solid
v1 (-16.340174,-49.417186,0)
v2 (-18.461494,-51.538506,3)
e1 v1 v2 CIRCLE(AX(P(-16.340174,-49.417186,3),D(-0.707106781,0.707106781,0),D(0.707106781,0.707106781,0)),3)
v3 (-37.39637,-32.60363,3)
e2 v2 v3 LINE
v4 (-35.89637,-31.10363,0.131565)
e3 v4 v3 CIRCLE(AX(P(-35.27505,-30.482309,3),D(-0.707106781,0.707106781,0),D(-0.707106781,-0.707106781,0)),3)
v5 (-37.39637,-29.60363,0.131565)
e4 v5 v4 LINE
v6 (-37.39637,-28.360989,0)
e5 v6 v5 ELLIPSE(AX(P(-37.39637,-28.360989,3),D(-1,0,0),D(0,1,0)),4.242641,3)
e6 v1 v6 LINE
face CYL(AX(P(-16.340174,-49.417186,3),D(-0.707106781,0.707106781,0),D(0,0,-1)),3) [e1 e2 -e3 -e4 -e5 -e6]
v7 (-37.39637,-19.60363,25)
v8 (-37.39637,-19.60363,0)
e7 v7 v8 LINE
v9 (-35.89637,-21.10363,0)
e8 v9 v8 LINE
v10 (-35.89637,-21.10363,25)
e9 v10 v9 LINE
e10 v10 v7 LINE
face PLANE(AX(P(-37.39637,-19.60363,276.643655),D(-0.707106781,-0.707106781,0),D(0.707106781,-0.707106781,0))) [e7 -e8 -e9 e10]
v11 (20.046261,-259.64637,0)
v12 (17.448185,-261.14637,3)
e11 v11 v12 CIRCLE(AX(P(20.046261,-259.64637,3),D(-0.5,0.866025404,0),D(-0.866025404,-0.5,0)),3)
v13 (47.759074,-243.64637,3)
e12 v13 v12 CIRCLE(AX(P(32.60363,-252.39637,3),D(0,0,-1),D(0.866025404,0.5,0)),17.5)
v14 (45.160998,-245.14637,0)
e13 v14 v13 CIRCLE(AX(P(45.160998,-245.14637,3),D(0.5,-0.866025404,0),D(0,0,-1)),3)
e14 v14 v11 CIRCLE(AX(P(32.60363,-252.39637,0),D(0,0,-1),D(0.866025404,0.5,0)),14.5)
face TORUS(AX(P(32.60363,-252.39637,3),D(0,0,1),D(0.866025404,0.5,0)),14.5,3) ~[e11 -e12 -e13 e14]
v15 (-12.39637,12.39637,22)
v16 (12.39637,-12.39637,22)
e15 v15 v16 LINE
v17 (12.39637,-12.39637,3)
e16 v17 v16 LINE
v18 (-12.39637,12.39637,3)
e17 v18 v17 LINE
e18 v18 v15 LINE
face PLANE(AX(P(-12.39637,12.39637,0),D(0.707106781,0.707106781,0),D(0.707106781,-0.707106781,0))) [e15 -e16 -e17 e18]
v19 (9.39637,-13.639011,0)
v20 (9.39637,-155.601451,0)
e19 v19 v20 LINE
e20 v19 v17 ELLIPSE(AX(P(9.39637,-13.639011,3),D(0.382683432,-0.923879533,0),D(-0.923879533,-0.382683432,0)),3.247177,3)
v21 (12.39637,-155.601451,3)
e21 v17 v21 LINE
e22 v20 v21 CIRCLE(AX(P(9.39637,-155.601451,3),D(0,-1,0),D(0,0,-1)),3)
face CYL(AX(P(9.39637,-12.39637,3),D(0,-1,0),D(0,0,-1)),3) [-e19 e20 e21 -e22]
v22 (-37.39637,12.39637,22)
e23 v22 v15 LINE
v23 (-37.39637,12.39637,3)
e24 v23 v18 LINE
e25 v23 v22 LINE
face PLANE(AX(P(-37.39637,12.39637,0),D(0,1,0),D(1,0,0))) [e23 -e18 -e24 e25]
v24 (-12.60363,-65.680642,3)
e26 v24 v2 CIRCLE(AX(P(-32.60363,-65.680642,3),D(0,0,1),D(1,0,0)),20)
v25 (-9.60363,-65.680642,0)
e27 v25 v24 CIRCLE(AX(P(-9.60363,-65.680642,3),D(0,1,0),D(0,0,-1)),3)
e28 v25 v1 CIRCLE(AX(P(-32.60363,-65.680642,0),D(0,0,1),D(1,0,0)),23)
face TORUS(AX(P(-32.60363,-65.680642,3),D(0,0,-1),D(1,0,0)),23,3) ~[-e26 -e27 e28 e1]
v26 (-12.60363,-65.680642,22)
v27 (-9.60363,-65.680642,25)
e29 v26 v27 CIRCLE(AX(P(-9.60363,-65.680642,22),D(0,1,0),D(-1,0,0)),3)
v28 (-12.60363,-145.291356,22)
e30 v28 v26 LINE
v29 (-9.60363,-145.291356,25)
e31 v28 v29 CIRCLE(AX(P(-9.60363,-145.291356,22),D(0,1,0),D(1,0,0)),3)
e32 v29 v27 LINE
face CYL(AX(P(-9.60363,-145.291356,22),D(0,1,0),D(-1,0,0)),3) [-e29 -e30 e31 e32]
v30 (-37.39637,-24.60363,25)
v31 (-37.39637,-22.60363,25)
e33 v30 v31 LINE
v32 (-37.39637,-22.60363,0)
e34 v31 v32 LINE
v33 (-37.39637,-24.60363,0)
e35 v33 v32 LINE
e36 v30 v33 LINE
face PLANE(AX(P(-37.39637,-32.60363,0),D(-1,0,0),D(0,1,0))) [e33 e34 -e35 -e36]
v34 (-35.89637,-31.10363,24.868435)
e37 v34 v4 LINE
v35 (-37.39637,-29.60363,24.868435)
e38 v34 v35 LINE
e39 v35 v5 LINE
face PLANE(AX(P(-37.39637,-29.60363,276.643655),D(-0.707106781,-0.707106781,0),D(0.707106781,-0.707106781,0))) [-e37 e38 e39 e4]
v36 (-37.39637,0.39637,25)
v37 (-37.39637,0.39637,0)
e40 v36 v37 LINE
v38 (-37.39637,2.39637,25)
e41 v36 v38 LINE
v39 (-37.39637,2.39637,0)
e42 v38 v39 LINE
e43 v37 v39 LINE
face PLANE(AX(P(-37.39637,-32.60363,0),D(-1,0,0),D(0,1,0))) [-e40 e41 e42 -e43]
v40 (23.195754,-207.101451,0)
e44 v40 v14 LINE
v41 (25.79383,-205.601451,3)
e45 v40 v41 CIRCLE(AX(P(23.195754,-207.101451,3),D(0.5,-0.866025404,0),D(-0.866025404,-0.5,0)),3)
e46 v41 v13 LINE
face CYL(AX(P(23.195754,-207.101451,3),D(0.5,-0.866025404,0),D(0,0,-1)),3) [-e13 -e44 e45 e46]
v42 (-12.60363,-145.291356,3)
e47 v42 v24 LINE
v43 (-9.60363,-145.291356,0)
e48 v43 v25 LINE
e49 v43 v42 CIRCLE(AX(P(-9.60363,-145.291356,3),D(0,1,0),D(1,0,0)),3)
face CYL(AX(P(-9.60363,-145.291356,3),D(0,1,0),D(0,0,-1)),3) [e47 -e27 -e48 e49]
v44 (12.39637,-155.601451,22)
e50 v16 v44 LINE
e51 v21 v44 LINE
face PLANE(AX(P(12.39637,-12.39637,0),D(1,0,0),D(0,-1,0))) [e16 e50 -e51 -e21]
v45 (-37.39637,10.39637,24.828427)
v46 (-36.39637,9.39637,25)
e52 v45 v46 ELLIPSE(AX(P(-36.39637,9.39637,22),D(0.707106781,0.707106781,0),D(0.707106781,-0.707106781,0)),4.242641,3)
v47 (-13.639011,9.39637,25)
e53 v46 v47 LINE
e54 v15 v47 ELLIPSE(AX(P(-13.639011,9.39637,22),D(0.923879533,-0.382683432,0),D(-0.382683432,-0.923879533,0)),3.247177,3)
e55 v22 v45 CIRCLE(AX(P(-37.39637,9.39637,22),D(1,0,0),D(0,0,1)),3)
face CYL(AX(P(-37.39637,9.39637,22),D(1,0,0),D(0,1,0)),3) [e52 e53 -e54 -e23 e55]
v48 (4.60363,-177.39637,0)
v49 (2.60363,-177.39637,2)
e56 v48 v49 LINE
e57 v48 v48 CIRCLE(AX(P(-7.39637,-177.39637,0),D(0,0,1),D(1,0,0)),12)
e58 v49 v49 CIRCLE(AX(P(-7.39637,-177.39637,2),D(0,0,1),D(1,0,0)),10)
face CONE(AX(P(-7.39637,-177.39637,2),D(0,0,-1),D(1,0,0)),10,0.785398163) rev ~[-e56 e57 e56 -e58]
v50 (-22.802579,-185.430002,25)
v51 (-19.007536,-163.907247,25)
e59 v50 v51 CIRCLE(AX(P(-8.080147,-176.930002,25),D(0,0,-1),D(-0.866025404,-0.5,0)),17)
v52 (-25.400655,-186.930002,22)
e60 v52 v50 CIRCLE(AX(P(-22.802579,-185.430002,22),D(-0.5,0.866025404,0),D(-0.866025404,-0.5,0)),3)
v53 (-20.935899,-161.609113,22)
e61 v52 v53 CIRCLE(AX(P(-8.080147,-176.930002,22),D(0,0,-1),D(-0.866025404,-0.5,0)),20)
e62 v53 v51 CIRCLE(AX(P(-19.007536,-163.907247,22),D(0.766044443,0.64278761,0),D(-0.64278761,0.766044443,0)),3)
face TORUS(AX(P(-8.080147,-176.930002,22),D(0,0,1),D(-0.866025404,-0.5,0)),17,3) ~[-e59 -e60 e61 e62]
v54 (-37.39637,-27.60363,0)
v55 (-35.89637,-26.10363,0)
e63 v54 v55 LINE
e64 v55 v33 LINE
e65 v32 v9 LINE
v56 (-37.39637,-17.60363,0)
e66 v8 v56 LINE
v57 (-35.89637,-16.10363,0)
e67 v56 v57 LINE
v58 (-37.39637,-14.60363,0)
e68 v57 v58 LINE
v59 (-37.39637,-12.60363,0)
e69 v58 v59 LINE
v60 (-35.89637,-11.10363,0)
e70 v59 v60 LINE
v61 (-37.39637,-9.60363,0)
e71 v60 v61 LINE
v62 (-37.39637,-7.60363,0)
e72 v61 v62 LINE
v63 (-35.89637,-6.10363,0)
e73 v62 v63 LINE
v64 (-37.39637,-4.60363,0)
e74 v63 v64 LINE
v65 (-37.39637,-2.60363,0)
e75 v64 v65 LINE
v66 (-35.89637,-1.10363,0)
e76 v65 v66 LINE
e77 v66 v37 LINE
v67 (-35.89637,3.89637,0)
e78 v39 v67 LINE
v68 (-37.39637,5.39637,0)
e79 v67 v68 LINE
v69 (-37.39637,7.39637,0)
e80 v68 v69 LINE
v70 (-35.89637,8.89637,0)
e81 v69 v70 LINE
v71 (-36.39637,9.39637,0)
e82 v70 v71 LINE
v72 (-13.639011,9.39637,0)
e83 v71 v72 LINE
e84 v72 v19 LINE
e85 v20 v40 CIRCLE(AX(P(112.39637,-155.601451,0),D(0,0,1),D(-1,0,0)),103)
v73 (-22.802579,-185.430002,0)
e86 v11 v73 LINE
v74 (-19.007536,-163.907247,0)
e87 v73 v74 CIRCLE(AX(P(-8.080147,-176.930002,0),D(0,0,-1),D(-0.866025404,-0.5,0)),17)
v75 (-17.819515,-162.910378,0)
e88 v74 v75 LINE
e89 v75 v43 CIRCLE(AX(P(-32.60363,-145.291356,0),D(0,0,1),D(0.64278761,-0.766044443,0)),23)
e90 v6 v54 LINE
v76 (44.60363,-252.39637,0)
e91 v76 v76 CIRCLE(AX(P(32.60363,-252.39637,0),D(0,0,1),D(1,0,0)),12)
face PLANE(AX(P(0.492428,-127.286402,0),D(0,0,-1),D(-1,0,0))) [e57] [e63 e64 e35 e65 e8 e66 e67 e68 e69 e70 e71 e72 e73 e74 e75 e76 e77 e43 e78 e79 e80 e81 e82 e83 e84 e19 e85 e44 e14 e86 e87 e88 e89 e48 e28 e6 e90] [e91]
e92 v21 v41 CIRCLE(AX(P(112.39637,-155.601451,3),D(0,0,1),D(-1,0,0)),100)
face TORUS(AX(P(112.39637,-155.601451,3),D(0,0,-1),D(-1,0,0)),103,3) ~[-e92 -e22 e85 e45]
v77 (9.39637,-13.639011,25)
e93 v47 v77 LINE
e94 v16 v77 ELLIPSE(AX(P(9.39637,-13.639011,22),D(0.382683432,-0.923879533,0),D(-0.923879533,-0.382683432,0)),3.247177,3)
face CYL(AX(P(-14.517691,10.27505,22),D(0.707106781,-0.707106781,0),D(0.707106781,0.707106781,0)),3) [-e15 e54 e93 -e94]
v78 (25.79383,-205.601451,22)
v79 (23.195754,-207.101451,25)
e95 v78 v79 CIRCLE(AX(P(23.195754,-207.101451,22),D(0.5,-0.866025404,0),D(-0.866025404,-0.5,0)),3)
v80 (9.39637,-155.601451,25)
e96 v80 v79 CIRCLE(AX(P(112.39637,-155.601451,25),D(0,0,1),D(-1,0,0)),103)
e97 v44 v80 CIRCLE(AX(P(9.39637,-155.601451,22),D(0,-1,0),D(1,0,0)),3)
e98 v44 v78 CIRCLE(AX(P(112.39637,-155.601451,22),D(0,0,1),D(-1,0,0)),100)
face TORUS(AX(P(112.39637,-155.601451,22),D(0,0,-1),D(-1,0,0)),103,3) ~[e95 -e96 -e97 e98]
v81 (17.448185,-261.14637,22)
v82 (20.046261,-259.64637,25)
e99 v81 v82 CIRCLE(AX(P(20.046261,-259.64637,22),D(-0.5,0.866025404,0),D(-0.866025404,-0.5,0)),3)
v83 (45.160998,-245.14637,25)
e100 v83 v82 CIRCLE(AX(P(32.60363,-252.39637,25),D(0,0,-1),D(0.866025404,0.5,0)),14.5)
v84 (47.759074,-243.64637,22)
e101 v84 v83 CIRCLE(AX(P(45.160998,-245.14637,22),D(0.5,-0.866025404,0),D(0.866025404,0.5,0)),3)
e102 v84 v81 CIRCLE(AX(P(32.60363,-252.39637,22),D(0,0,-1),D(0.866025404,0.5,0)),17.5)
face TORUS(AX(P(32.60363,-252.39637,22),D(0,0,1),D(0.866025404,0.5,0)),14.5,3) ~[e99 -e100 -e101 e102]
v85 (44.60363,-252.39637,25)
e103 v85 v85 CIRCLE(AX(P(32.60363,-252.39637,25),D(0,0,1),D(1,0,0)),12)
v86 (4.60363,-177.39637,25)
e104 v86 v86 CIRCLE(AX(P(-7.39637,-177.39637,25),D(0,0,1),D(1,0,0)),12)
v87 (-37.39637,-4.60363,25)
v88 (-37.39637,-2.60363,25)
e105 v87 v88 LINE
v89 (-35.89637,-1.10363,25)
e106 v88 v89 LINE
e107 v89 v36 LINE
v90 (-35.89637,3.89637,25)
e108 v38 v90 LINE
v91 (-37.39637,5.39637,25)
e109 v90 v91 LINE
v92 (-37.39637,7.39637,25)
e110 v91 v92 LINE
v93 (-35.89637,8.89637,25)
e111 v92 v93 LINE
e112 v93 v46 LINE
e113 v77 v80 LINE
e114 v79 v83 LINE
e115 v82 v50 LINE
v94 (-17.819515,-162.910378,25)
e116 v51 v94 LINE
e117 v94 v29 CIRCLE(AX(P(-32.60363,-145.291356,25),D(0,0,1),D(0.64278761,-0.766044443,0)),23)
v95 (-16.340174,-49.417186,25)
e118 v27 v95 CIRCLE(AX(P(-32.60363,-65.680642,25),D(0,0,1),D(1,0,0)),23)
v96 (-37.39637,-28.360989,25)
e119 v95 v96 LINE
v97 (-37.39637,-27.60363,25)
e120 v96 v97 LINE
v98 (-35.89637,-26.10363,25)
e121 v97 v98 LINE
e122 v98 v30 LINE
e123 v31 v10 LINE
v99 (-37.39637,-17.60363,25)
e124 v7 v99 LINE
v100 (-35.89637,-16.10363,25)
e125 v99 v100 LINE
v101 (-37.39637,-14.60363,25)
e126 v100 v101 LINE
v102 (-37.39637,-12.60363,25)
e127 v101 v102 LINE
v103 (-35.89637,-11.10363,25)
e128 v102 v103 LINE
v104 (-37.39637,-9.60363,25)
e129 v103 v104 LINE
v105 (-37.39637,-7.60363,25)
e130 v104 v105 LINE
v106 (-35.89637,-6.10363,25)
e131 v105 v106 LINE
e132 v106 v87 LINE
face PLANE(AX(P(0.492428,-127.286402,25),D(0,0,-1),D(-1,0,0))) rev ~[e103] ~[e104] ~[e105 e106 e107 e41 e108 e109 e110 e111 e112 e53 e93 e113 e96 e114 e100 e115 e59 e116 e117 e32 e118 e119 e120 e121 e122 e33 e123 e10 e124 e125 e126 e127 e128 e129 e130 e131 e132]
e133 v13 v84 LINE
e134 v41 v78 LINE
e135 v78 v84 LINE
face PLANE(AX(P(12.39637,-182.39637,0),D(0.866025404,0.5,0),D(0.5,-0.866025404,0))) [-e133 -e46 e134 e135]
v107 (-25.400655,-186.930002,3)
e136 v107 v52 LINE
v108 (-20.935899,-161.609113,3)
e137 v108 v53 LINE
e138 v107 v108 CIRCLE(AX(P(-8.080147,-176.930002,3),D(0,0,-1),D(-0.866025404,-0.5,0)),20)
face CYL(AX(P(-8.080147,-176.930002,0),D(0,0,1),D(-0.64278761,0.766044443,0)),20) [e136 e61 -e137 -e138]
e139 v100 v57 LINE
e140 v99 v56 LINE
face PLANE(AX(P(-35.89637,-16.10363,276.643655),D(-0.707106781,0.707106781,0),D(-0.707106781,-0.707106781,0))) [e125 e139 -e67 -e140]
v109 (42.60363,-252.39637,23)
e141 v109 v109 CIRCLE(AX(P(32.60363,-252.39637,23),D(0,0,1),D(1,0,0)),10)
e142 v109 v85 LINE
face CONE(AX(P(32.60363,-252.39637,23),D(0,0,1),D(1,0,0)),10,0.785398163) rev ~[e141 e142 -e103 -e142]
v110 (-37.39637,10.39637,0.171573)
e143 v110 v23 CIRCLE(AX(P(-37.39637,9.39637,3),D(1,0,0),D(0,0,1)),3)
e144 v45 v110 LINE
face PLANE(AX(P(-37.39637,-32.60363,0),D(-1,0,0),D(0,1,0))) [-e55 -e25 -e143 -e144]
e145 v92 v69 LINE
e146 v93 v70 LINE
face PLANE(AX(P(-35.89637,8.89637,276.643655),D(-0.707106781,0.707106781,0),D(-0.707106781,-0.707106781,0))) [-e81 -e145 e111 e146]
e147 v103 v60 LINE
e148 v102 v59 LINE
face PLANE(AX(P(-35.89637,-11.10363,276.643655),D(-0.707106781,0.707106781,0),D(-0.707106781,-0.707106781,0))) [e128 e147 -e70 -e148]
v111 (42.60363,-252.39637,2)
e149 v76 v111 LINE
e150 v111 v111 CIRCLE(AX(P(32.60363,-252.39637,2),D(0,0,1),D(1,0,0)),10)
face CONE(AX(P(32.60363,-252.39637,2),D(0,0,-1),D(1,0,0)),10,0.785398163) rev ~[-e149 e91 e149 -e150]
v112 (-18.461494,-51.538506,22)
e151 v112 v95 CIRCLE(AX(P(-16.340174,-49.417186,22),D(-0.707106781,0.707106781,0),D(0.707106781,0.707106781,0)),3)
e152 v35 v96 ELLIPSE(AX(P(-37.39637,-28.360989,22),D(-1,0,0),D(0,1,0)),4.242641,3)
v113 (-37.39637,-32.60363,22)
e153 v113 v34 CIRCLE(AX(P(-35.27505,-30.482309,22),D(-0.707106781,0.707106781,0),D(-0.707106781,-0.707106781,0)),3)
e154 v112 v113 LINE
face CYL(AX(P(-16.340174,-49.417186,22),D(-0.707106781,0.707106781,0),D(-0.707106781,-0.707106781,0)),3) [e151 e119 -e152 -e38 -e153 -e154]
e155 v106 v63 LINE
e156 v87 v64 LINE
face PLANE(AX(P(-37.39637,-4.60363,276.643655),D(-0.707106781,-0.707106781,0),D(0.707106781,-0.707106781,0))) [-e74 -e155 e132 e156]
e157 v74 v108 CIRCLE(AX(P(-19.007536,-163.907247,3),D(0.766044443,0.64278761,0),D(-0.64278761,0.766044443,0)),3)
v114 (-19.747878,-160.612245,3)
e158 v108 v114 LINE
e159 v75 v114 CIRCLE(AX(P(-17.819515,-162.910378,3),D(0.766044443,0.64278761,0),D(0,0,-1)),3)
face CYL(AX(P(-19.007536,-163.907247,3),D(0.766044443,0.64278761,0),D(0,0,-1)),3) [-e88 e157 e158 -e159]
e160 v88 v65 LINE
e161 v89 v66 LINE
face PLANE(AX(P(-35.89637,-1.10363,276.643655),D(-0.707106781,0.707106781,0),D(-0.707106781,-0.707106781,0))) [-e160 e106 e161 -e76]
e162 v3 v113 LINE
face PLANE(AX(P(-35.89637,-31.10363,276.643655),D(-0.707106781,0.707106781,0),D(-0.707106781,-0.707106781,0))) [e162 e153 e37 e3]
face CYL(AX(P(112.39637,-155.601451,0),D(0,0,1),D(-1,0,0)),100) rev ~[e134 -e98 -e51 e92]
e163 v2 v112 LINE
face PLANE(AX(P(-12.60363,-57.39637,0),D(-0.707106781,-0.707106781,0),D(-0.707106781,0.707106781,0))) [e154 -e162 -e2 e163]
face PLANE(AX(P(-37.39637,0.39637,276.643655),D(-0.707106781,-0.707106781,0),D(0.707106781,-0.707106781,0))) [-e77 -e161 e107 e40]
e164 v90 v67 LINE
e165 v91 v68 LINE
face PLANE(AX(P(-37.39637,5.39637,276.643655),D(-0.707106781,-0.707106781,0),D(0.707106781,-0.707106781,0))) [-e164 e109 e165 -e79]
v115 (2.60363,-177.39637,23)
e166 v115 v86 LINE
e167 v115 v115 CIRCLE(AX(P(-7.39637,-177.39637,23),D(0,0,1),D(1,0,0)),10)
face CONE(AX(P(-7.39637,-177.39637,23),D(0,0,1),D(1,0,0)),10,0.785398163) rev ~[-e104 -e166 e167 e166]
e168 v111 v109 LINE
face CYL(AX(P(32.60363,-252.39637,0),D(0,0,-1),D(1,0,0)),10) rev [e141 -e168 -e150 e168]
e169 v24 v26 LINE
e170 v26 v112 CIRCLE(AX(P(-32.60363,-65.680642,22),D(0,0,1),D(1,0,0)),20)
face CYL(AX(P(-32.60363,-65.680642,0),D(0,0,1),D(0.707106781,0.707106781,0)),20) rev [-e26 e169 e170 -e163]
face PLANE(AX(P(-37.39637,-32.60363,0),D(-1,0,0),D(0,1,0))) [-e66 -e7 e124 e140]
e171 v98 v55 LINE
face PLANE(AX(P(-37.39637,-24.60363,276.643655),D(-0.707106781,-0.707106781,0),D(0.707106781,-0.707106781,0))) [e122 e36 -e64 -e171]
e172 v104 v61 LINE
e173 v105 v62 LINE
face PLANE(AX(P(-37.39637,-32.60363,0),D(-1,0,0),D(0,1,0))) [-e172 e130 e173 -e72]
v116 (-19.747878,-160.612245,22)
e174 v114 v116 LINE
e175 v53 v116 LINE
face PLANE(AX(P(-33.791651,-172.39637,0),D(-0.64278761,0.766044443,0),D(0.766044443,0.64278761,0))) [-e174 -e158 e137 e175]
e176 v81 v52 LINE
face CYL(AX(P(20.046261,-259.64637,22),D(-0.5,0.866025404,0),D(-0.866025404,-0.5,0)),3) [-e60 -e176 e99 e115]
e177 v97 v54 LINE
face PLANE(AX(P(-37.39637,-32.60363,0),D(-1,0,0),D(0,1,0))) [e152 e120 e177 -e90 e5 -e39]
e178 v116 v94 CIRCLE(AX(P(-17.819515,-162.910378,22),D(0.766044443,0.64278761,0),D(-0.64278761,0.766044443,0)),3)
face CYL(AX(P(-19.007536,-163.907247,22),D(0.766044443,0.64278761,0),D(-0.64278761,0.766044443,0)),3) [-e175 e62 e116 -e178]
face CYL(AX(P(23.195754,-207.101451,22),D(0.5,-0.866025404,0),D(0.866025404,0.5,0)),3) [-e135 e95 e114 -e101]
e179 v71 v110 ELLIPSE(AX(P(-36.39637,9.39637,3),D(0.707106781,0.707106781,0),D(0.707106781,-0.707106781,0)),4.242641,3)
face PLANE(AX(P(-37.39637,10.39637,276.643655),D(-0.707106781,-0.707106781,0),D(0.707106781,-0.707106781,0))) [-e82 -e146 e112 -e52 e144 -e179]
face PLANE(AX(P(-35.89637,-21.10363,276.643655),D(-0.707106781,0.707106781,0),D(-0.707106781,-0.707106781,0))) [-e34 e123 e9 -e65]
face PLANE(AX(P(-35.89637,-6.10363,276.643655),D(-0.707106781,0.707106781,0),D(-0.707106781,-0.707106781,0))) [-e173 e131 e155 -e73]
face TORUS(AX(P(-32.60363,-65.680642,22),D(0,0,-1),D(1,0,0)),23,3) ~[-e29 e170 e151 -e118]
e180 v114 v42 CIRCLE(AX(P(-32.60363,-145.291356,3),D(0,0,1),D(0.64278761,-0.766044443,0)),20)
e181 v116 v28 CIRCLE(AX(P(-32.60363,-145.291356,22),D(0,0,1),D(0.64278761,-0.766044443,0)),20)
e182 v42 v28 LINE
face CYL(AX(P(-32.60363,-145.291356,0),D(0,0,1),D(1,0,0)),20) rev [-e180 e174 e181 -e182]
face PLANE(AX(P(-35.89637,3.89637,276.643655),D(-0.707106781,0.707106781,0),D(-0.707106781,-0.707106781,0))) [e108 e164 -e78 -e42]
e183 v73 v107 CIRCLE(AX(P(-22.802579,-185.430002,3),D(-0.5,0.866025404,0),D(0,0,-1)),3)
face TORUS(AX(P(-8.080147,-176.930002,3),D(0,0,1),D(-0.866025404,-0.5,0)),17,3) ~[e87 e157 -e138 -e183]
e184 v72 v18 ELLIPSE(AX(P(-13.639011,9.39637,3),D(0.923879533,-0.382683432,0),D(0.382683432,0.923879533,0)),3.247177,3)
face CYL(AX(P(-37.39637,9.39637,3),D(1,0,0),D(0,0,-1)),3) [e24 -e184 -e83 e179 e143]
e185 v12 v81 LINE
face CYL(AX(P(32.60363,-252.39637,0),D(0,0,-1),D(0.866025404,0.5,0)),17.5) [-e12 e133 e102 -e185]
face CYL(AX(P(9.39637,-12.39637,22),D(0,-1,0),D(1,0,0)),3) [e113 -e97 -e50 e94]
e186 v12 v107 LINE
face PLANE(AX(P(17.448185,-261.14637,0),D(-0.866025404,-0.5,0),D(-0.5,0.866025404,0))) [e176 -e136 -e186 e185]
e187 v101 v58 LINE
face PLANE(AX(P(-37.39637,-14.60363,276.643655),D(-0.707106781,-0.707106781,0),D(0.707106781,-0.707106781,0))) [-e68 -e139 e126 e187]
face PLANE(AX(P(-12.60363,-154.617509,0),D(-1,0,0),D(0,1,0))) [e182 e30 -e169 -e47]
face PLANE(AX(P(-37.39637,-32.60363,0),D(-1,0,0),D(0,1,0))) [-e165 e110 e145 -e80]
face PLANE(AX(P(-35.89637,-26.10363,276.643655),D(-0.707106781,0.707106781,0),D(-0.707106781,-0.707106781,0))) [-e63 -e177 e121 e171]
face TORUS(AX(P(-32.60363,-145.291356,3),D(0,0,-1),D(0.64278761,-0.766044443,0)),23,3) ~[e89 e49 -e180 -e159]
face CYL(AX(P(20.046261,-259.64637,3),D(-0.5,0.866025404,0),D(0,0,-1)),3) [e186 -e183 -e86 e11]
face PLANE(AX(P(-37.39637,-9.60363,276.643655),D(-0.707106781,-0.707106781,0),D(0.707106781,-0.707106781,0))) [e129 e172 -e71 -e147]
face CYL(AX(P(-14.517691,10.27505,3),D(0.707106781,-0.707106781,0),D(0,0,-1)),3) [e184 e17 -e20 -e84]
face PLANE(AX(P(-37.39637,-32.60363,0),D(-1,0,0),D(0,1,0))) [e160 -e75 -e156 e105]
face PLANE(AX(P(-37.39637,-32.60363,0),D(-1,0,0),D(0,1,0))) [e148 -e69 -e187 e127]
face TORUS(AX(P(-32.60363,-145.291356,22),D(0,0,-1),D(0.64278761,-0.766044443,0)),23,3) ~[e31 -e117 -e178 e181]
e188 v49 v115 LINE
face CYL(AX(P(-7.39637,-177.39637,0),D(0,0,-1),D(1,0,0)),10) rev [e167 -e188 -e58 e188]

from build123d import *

# Parameters (mm, degrees)
IZIM1_R                     = 10
Y_KSEKLIK_EKSTR_ZYON1_DEPTH = 25
RADYUS1_R                   = 20
RADYUS2_R                   = 100
PAH1_SIZE                   = 2
KES_EKSTR_ZYON1_DEPTH       = 276.643654753
KES_EKSTR_ZYON1_DEPTH_BACK  = 276.643654753
RADYUS3_R                   = 3


with BuildPart() as part:
    # Çizim1 → Yükseklik-Ekstrüzyon1 (new body)
    with BuildSketch(Plane.XY):
        with BuildLine():
            Line((-37.396370289, 12.396370289), (-12.396370289, 12.396370289))
            Line((-12.396370289, 12.396370289), (12.396370289, -12.396370289))
            Line((12.396370289, -12.396370289), (12.396370289, -182.396370289))
            Line((12.396370289, -182.396370289), (47.759074277, -243.646370289))
            ThreePointArc((47.759074277, -243.646370289), (41.353629711, -267.551814855), (17.448185145, -261.146370289))
            Line((17.448185145, -261.146370289), (-33.791651246, -172.396370289))
            Line((-33.791651246, -172.396370289), (-12.603629711, -154.617509234))
            Line((-12.603629711, -154.617509234), (-12.603629711, -57.396370289))
            Line((-12.603629711, -57.396370289), (-37.396370289, -32.603629711))
            Line((-37.396370289, -32.603629711), (-37.396370289, 12.396370289))
        make_face()
        with Locations((-7.396370289, -177.396370289)):
            Circle(IZIM1_R, mode=Mode.SUBTRACT)
        with Locations((32.603629711, -252.396370289)):
            Circle(IZIM1_R, mode=Mode.SUBTRACT)
    extrude(amount=Y_KSEKLIK_EKSTR_ZYON1_DEPTH)

    # Radyus1
    radyus1_edges = [part.edges().sort_by_distance(p)[0] for p in [
        (-33.791651246, -172.396370289, 12.5),
        (-12.603629711, -154.617509234, 12.5),
        (-12.603629711, -57.396370289, 12.5),
    ]]
    fillet(radyus1_edges, radius=RADYUS1_R)

    # Radyus2
    radyus2_edges = [part.edges().sort_by_distance(p)[0] for p in [
        (12.396370289, -182.396370289, 12.5),
    ]]
    fillet(radyus2_edges, radius=RADYUS2_R)

    # Pah1
    pah1_edges = [part.edges().sort_by_distance(p)[0] for p in [
        (-17.396370289, -177.396370289, 0),
        (-17.396370289, -177.396370289, 25),
        (22.603629711, -252.396370289, 0),
        (22.603629711, -252.396370289, 25),
    ]]
    chamfer(pah1_edges, length=PAH1_SIZE)

    # Çizim2 → Kes-Ekstrüzyon1 (cut, two sides: drawn at the far end of the back side and taken through both)
    with BuildSketch(Plane(origin=(0, 0, 0), x_dir=(-1, 0, 0), z_dir=(0, 0, -1)).offset(-KES_EKSTR_ZYON1_DEPTH_BACK)):
        Polygon((37.396370289, 12.396370289), (37.396370289, 10.396370289), (35.896370289, 8.896370289), (37.396370289, 7.396370289), (37.396370289, 5.396370289), (35.896370289, 3.896370289), (37.396370289, 2.396370289), (37.396370289, 0.396370289), (35.896370289, -1.103629711), (37.396370289, -2.603629711), (37.396370289, -4.603629711), (35.896370289, -6.103629711), (37.396370289, -7.603629711), (37.396370289, -9.603629711), (35.896370289, -11.103629711), (37.396370289, -12.603629711), (37.396370289, -14.603629711), (35.896370289, -16.103629711), (37.396370289, -17.603629711), (37.396370289, -19.603629711), (35.896370289, -21.103629711), (37.396370289, -22.603629711), (37.396370289, -24.603629711), (35.896370289, -26.103629711), (37.396370289, -27.603629711), (37.396370289, -29.603629711), (35.896370289, -31.103629711), (37.396370289, -32.603629711), (40.97255524, -32.603629711), (40.97255524, 12.396370289), align=None)
    extrude(amount=KES_EKSTR_ZYON1_DEPTH + KES_EKSTR_ZYON1_DEPTH_BACK, mode=Mode.SUBTRACT)

    # Radyus3
    radyus3_edges = [part.edges().sort_by_distance(p)[0] for p in [
        (-27.928932188, -42.071067812, 25),
        (-14.126039061, -58.026972889, 25),
        (-12.603629711, -105.485998804, 25),
        (-14.47747397, -153.743721305, 25),
        (-20.341888285, -161.110679149, 25),
        (-27.776301919, -173.457038674, 25),
        (-3.976234895, -224.038186258, 25),
        (41.353629711, -267.551814855, 25),
        (36.776452094, -224.623910668, 25),
        (15.80378766, -181.483355556, 25),
        (-27.928932188, -42.071067812, 0),
        (-14.126039061, -58.026972889, 0),
        (-12.603629711, -105.485998804, 0),
        (-14.47747397, -153.743721305, 0),
        (-20.341888285, -161.110679149, 0),
        (-27.776301919, -173.457038674, 0),
        (-3.976234895, -224.038186258, 0),
        (41.353629711, -267.551814855, 0),
        (36.776452094, -224.623910668, 0),
        (15.80378766, -181.483355556, 0),
        (12.396370289, -83.998910668, 25),
        (0, 0, 25),
        (-24.896370289, 12.396370289, 25),
        (-24.896370289, 12.396370289, 0),
        (12.396370289, -83.998910668, 0),
        (0, 0, 0),
    ]]
    fillet(radyus3_edges, radius=RADYUS3_R)


solid = part.part
